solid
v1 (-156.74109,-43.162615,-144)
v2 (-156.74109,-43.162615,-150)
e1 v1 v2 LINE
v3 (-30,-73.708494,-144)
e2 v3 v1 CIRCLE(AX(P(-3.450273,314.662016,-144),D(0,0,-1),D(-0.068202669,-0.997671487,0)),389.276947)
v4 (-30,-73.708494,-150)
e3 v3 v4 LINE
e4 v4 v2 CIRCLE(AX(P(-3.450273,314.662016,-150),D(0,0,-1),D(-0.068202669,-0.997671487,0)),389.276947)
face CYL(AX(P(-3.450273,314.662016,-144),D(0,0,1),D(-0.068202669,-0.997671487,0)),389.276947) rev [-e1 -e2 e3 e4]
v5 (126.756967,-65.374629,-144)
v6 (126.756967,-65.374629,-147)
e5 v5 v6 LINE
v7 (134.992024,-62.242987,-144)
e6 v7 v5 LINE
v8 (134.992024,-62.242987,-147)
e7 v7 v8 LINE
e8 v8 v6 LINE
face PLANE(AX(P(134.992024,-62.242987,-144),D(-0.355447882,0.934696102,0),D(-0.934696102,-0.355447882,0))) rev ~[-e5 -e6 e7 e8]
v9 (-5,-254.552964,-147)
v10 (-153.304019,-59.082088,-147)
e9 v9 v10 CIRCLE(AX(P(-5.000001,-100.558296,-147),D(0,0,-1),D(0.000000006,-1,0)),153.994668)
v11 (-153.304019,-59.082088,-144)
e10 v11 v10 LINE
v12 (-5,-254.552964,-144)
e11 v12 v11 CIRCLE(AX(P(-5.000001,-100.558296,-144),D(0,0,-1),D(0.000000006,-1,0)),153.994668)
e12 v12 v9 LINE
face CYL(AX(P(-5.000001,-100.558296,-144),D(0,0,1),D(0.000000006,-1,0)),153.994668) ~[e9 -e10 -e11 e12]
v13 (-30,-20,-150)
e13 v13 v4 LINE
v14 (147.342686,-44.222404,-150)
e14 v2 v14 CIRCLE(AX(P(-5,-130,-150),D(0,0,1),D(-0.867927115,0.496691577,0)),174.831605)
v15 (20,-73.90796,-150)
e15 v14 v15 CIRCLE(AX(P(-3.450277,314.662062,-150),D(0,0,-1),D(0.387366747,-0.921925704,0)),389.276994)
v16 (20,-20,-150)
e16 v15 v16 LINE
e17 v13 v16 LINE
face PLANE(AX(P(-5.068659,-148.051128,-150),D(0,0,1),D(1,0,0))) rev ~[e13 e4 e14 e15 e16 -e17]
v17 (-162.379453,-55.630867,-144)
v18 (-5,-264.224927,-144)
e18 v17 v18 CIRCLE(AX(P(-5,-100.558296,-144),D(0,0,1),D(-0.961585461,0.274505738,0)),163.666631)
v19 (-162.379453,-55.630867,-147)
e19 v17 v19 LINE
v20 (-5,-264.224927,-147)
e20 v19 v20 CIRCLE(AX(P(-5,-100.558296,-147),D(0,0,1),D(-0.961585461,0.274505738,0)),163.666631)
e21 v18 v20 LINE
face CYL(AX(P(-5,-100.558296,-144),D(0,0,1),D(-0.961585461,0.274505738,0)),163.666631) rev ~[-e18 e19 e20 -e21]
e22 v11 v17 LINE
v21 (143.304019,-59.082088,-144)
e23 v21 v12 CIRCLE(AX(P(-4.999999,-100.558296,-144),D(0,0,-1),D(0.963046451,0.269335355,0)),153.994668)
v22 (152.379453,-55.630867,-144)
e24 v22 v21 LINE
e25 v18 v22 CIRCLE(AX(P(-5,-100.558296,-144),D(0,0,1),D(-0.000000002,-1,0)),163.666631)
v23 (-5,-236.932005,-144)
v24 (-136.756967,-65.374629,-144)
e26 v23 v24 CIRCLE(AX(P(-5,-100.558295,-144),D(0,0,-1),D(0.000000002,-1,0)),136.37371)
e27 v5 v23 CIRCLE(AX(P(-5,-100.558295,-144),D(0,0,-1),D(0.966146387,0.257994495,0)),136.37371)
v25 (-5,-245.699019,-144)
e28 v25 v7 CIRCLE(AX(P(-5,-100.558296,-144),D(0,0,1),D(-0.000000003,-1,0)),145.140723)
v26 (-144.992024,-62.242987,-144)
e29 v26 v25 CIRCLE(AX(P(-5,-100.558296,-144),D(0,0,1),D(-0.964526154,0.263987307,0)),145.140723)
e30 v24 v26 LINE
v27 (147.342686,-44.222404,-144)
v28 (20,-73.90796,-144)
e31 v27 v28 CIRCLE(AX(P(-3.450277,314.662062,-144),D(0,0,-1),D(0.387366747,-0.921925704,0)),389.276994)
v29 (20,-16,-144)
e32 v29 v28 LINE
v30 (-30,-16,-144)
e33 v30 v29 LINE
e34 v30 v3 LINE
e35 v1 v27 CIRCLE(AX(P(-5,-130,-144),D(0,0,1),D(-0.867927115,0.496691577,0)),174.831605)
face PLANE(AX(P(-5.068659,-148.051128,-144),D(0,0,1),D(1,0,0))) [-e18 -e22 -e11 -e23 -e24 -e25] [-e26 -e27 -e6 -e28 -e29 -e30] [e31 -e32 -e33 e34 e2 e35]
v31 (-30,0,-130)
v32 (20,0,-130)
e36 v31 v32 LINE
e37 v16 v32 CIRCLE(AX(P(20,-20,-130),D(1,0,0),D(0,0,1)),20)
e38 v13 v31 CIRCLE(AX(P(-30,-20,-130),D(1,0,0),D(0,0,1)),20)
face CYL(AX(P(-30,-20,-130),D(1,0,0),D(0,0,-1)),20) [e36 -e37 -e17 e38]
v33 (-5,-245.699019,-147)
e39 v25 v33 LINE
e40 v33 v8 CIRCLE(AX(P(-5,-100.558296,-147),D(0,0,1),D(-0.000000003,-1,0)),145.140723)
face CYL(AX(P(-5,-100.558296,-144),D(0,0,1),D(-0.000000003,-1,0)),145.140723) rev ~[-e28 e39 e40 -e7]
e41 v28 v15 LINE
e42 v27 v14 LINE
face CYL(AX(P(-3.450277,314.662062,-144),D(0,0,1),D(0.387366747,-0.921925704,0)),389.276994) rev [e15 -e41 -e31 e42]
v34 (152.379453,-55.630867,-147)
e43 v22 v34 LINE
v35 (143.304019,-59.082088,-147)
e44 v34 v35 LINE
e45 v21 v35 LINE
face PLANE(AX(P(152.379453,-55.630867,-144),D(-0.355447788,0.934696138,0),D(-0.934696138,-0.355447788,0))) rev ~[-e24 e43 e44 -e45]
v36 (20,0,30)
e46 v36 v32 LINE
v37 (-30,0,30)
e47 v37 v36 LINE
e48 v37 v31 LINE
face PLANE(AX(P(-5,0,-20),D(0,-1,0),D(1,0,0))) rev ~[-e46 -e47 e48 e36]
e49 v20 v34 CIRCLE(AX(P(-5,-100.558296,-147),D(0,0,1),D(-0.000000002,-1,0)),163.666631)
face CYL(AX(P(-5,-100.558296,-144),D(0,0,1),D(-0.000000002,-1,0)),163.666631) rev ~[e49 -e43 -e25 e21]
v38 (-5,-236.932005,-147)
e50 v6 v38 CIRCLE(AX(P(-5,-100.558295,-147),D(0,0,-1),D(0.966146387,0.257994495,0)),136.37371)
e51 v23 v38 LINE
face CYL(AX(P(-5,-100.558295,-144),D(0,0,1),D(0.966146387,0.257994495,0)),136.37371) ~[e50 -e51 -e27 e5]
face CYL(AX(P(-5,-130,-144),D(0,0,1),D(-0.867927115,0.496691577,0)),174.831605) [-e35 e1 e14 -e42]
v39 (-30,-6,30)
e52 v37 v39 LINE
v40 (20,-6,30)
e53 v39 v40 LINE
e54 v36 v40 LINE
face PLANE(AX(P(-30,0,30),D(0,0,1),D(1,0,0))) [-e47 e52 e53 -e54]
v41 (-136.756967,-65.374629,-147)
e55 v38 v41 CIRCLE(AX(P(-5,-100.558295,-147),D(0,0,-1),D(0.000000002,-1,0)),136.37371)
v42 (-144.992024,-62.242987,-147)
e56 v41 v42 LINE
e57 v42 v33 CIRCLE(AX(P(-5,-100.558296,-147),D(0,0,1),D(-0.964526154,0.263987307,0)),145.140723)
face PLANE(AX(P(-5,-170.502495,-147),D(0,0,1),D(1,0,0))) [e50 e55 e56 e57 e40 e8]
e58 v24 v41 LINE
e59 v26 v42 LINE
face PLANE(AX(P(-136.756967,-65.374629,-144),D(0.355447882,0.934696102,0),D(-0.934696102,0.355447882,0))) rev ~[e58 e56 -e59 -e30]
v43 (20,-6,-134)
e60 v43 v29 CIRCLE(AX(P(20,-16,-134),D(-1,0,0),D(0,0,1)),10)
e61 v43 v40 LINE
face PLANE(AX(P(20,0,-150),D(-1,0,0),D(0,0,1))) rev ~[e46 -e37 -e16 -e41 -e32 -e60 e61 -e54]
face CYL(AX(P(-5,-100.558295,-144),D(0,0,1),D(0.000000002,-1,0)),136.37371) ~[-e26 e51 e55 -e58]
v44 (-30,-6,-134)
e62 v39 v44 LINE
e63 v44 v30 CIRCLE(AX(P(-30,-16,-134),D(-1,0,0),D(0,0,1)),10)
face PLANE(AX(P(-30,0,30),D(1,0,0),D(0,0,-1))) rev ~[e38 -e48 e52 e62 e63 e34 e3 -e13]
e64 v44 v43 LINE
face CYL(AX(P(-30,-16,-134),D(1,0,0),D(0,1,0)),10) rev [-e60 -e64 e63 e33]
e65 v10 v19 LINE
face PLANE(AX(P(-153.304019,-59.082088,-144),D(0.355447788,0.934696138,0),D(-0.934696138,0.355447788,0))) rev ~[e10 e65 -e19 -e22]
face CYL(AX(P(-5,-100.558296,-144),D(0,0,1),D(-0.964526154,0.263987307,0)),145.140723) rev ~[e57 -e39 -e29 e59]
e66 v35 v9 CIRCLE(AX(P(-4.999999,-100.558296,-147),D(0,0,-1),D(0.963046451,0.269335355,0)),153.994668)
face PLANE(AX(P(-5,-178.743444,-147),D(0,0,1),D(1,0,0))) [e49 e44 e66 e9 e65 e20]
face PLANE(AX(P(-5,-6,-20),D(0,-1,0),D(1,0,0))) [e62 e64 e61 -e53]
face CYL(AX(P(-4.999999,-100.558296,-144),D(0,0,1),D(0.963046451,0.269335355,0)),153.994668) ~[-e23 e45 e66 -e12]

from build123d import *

# Parameters (mm, degrees)
F0_W     = 50
F0_H     = 6
F2_DEPTH = 130
F0_H_2   = 100
F0_H_3   = 74
F3_DEPTH = 6
F4_R     = 20
F5_R     = 10
F7_DEPTH = 6
F9_DEPTH = 3


with BuildPart() as f2:
    # F0 (on Front) → F2 (new body)
    with BuildSketch(Plane.XZ):
        with Locations((-5, -147)):
            Rectangle(F0_W, F0_H)
    extrude(amount=F2_DEPTH)

    # F0 (on Front) → F3 (join)
    with BuildSketch(Plane.XZ):
        with Locations((-5, -20)):
            Rectangle(F0_W, F0_H_2)
        with Locations((-5, -107)):
            Rectangle(F0_W, F0_H_3)
        with Locations((-5, -147)):
            Rectangle(F0_W, F0_H)
    extrude(amount=F3_DEPTH)

    # F4
    f4_edges = [f2.edges().sort_by_distance(p)[0] for p in [
        (-5, 0, -150),
    ]]
    fillet(f4_edges, radius=F4_R)

    # F5
    f5_edges = [f2.edges().sort_by_distance(p)[0] for p in [
        (-5, -6, -144),
    ]]
    fillet(f5_edges, radius=F5_R)

    # F6 (on face) → F7 (join)
    with BuildSketch(Plane.XY.offset(-144)):
        with BuildLine():
            ThreePointArc((-30, -73.708494), (-94.658376, -63.779027), (-156.74109, -43.162615))
            ThreePointArc((-156.74109, -43.162615), (-5.609318, -304.830543), (147.342686, -44.222404))
            ThreePointArc((147.342686, -44.222404), (84.92667, -64.450181), (20, -73.90796))
            Line((20, -73.90796), (20, -130))
            Line((20, -130), (-30, -130))
            Line((-30, -130), (-30, -73.708494))
        make_face()
    extrude(amount=-F7_DEPTH)

    # F8 (on face) → F9 (cut)
    with BuildSketch(Plane.XY.offset(-144)):
        with BuildLine():
            ThreePointArc((-5, -254.552964), (-127.681443, -193.636873), (-153.304019, -59.082088))
            Line((-153.304019, -59.082088), (-162.379453, -55.630867))
            ThreePointArc((-162.379453, -55.630867), (-135.651994, -199.132241), (-5, -264.224927))
            ThreePointArc((-5, -264.224927), (125.651994, -199.132241), (152.379453, -55.630867))
            Line((152.379453, -55.630867), (143.304019, -59.082088))
            ThreePointArc((143.304019, -59.082088), (117.681443, -193.636873), (-5, -254.552964))
        make_face()
        with BuildLine():
            Line((-136.756967, -65.374629), (-144.992024, -62.242987))
            ThreePointArc((-144.992024, -62.242987), (-120.384014, -188.605777), (-5, -245.699019))
            ThreePointArc((-5, -245.699019), (110.384014, -188.605777), (134.992024, -62.242987))
            Line((134.992024, -62.242987), (126.756967, -65.374629))
            ThreePointArc((126.756967, -65.374629), (103.157098, -183.623516), (-5, -236.932005))
            ThreePointArc((-5, -236.932005), (-113.157098, -183.623516), (-136.756967, -65.374629))
        make_face()
    extrude(amount=-F9_DEPTH, mode=Mode.SUBTRACT)


solid = f2.part
